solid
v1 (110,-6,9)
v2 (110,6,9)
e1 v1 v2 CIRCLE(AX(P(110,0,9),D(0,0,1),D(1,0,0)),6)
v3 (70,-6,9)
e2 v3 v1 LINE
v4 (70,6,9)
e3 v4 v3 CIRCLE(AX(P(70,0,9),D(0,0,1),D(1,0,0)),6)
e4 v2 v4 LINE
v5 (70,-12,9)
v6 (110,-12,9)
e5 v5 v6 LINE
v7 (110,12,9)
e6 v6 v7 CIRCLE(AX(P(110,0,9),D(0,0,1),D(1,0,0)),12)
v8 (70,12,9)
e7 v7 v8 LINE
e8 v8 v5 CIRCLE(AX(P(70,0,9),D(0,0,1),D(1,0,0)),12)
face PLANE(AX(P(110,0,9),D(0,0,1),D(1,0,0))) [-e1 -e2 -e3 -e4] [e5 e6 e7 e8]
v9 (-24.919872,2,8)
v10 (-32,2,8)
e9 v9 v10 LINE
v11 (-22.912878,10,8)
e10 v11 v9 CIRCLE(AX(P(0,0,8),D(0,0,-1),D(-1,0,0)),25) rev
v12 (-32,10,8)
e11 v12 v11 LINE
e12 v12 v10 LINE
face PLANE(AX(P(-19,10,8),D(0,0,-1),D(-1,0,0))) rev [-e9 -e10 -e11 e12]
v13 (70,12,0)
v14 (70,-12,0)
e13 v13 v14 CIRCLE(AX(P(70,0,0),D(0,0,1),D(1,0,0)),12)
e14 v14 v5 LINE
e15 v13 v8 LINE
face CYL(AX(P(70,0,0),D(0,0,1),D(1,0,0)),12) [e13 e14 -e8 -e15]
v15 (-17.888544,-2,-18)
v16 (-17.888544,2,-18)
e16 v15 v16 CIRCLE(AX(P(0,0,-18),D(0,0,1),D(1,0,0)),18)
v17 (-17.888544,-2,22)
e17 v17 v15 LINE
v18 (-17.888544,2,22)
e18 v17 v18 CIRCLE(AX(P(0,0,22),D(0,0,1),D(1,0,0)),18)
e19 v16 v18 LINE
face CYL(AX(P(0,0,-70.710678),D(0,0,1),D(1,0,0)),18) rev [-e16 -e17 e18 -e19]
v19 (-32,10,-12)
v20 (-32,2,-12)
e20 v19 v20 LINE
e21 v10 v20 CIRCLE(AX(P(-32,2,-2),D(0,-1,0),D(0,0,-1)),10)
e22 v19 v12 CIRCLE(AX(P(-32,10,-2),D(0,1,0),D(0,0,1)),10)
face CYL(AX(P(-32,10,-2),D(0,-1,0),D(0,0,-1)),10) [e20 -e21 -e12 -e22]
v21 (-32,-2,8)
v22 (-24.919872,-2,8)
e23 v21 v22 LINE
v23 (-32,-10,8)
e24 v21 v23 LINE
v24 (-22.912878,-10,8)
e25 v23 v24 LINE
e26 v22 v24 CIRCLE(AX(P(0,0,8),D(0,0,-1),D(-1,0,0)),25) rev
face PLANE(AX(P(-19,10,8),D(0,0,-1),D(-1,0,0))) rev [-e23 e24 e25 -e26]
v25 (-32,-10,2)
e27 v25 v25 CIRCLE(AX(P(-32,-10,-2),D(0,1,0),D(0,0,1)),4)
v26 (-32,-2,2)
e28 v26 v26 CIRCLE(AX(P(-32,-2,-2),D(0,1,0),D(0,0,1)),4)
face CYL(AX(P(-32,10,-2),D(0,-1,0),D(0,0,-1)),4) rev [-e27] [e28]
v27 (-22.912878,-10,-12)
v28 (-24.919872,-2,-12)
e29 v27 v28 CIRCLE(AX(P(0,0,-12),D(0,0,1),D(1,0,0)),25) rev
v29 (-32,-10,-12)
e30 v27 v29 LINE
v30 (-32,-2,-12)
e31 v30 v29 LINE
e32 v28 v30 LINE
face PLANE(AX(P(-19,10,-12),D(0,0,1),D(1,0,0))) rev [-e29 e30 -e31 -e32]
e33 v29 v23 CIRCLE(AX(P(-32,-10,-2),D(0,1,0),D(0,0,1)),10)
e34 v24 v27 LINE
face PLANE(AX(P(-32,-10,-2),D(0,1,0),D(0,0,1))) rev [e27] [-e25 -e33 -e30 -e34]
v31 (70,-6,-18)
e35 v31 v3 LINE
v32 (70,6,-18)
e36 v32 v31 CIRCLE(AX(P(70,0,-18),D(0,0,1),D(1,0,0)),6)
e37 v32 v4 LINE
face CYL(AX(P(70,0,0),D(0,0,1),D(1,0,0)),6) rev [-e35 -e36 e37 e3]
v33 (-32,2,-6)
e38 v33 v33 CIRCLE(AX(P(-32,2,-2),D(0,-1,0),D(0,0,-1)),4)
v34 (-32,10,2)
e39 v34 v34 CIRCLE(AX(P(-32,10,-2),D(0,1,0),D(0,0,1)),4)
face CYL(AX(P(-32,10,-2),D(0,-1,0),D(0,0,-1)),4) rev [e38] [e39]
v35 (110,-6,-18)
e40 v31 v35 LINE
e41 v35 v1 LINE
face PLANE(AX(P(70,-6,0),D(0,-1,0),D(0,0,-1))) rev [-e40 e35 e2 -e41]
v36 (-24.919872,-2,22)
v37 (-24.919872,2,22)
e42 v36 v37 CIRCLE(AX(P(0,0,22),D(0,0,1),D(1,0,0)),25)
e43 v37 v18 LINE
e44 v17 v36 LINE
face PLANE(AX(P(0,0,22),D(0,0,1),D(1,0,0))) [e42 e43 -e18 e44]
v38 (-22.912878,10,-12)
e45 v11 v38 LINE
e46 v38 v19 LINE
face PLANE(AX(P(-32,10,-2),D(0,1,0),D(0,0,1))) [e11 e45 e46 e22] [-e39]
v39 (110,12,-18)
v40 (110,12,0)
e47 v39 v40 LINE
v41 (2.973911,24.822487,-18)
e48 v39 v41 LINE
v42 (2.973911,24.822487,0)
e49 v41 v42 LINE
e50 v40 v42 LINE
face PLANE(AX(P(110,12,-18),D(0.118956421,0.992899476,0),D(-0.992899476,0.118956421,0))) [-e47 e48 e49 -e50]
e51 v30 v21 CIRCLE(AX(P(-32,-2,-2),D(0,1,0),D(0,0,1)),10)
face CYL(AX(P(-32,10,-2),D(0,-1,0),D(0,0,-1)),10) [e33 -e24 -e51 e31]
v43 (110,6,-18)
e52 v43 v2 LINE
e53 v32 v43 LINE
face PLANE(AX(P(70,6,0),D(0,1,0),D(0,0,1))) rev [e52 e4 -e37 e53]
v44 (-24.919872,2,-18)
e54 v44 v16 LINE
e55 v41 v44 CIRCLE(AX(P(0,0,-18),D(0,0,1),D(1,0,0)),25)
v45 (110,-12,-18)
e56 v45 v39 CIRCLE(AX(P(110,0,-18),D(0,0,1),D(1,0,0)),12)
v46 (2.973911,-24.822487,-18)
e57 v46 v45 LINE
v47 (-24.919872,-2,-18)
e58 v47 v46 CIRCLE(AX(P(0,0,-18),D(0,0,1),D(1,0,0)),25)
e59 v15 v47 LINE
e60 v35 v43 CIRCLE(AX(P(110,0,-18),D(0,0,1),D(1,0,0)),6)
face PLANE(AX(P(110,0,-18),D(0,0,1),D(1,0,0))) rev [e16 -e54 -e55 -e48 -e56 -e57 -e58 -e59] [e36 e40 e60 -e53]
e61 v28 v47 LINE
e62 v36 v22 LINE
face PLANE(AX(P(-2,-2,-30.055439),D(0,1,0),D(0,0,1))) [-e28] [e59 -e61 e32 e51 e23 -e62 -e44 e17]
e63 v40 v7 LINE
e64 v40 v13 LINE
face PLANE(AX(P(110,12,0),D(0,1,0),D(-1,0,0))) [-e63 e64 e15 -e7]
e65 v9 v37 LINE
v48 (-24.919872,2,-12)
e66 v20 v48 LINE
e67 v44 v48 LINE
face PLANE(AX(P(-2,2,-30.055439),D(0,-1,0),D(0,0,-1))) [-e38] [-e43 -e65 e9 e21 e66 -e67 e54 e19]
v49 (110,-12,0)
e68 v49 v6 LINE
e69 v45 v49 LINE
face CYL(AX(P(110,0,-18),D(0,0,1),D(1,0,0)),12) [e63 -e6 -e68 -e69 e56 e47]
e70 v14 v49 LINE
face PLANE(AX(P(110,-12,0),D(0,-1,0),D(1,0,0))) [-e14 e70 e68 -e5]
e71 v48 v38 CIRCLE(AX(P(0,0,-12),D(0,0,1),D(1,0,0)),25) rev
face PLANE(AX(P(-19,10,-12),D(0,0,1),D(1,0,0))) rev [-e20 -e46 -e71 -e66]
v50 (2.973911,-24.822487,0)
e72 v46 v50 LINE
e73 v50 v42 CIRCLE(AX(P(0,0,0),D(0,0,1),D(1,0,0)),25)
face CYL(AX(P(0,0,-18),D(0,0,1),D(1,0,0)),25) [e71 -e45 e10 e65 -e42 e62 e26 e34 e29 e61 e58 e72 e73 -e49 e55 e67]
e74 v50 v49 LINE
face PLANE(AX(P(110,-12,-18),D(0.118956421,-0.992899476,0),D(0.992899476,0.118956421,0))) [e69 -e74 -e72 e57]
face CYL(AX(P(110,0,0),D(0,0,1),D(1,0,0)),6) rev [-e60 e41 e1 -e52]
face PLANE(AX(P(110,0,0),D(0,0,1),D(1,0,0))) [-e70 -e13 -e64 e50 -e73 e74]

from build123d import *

# Parameters (mm, degrees)
BOSS_EXTRUDE1_DEPTH = 18
BOSS_EXTRUDE2_DEPTH = 9
CUT_EXTRUDE1_DEPTH  = 28
SKETCH3_R           = 25
SKETCH3_R_2         = 18
BOSS_EXTRUDE3_DEPTH = 22
SKETCH3_2_R         = 18
CUT_EXTRUDE2_DEPTH  = 41
SKETCH6_R           = 4
BOSS_EXTRUDE5_DEPTH = 10
SKETCH7_W           = 57.081853501
SKETCH7_H           = 4
CUT_EXTRUDE3_DEPTH  = 40


with BuildPart() as part:
    # Sketch1 → Boss-Extrude1 (new body)
    with BuildSketch(Plane.XY):
        with BuildLine():
            Line((110, 12), (2.973910519, 24.822486906))
            ThreePointArc((2.973910519, 24.822486906), (-25, 0), (2.973910519, -24.822486906))
            Line((2.973910519, -24.822486906), (110, -12))
            ThreePointArc((110, -12), (122, 0), (110, 12))
        make_face()
    extrude(amount=-BOSS_EXTRUDE1_DEPTH)

    # Sketch2 → Boss-Extrude2 (add)
    with BuildSketch(Plane.XY.offset(9)):
        with BuildLine():
            Line((110, -12), (70, -12))
            ThreePointArc((70, -12), (58, 0), (70, 12))
            Line((70, 12), (110, 12))
            ThreePointArc((110, 12), (122, 0), (110, -12))
        make_face()
        with BuildLine():
            Line((70, 6), (110, 6))
            ThreePointArc((110, 6), (116, 0), (110, -6))
            Line((110, -6), (70, -6))
            ThreePointArc((70, -6), (64, 0), (70, 6))
        make_face(mode=Mode.SUBTRACT)
    extrude(amount=-BOSS_EXTRUDE2_DEPTH)

    # Sketch2<2> → Cut-Extrude1 (cut, through all)
    with BuildSketch(Plane.XY.offset(9)):
        with BuildLine():
            Line((70, -6), (110, -6))
            ThreePointArc((110, -6), (116, 0), (110, 6))
            Line((110, 6), (70, 6))
            ThreePointArc((70, 6), (64, 0), (70, -6))
        make_face()
    extrude(amount=-CUT_EXTRUDE1_DEPTH, mode=Mode.SUBTRACT)

    # Sketch3 → Boss-Extrude3 (add)
    with BuildSketch(Plane.XY.offset(22)):
        Circle(SKETCH3_R)
        Circle(SKETCH3_R_2, mode=Mode.SUBTRACT)
    extrude(amount=-BOSS_EXTRUDE3_DEPTH)

    # Sketch3<2> → Cut-Extrude2 (cut, through all)
    with BuildSketch(Plane.XY.offset(22)):
        Circle(SKETCH3_2_R)
    extrude(amount=-CUT_EXTRUDE2_DEPTH, mode=Mode.SUBTRACT)

    # Sketch6 → Boss-Extrude5 (add, symmetric)
    with BuildSketch(Plane(origin=(0, 0, 0), x_dir=(1, 0, 0), z_dir=(0, 1, 0))):
        with BuildLine():
            Line((-19, 12), (-32, 12))
            ThreePointArc((-32, 12), (-42, 2), (-32, -8))
            Line((-32, -8), (-19, -8))
            Line((-19, -8), (-19, 12))
        make_face()
        with Locations((-32, 2)):
            Circle(SKETCH6_R, mode=Mode.SUBTRACT)
    extrude(amount=BOSS_EXTRUDE5_DEPTH, both=True)

    # Sketch7 → Cut-Extrude3 (cut)
    with BuildSketch(Plane(origin=(-42, 0, 0), x_dir=(0, 0, -1), z_dir=(1, 0, 0))):
        with Locations((1.514511954, 0)):
            Rectangle(SKETCH7_W, SKETCH7_H)
    extrude(amount=CUT_EXTRUDE3_DEPTH, mode=Mode.SUBTRACT)


solid = part.part
